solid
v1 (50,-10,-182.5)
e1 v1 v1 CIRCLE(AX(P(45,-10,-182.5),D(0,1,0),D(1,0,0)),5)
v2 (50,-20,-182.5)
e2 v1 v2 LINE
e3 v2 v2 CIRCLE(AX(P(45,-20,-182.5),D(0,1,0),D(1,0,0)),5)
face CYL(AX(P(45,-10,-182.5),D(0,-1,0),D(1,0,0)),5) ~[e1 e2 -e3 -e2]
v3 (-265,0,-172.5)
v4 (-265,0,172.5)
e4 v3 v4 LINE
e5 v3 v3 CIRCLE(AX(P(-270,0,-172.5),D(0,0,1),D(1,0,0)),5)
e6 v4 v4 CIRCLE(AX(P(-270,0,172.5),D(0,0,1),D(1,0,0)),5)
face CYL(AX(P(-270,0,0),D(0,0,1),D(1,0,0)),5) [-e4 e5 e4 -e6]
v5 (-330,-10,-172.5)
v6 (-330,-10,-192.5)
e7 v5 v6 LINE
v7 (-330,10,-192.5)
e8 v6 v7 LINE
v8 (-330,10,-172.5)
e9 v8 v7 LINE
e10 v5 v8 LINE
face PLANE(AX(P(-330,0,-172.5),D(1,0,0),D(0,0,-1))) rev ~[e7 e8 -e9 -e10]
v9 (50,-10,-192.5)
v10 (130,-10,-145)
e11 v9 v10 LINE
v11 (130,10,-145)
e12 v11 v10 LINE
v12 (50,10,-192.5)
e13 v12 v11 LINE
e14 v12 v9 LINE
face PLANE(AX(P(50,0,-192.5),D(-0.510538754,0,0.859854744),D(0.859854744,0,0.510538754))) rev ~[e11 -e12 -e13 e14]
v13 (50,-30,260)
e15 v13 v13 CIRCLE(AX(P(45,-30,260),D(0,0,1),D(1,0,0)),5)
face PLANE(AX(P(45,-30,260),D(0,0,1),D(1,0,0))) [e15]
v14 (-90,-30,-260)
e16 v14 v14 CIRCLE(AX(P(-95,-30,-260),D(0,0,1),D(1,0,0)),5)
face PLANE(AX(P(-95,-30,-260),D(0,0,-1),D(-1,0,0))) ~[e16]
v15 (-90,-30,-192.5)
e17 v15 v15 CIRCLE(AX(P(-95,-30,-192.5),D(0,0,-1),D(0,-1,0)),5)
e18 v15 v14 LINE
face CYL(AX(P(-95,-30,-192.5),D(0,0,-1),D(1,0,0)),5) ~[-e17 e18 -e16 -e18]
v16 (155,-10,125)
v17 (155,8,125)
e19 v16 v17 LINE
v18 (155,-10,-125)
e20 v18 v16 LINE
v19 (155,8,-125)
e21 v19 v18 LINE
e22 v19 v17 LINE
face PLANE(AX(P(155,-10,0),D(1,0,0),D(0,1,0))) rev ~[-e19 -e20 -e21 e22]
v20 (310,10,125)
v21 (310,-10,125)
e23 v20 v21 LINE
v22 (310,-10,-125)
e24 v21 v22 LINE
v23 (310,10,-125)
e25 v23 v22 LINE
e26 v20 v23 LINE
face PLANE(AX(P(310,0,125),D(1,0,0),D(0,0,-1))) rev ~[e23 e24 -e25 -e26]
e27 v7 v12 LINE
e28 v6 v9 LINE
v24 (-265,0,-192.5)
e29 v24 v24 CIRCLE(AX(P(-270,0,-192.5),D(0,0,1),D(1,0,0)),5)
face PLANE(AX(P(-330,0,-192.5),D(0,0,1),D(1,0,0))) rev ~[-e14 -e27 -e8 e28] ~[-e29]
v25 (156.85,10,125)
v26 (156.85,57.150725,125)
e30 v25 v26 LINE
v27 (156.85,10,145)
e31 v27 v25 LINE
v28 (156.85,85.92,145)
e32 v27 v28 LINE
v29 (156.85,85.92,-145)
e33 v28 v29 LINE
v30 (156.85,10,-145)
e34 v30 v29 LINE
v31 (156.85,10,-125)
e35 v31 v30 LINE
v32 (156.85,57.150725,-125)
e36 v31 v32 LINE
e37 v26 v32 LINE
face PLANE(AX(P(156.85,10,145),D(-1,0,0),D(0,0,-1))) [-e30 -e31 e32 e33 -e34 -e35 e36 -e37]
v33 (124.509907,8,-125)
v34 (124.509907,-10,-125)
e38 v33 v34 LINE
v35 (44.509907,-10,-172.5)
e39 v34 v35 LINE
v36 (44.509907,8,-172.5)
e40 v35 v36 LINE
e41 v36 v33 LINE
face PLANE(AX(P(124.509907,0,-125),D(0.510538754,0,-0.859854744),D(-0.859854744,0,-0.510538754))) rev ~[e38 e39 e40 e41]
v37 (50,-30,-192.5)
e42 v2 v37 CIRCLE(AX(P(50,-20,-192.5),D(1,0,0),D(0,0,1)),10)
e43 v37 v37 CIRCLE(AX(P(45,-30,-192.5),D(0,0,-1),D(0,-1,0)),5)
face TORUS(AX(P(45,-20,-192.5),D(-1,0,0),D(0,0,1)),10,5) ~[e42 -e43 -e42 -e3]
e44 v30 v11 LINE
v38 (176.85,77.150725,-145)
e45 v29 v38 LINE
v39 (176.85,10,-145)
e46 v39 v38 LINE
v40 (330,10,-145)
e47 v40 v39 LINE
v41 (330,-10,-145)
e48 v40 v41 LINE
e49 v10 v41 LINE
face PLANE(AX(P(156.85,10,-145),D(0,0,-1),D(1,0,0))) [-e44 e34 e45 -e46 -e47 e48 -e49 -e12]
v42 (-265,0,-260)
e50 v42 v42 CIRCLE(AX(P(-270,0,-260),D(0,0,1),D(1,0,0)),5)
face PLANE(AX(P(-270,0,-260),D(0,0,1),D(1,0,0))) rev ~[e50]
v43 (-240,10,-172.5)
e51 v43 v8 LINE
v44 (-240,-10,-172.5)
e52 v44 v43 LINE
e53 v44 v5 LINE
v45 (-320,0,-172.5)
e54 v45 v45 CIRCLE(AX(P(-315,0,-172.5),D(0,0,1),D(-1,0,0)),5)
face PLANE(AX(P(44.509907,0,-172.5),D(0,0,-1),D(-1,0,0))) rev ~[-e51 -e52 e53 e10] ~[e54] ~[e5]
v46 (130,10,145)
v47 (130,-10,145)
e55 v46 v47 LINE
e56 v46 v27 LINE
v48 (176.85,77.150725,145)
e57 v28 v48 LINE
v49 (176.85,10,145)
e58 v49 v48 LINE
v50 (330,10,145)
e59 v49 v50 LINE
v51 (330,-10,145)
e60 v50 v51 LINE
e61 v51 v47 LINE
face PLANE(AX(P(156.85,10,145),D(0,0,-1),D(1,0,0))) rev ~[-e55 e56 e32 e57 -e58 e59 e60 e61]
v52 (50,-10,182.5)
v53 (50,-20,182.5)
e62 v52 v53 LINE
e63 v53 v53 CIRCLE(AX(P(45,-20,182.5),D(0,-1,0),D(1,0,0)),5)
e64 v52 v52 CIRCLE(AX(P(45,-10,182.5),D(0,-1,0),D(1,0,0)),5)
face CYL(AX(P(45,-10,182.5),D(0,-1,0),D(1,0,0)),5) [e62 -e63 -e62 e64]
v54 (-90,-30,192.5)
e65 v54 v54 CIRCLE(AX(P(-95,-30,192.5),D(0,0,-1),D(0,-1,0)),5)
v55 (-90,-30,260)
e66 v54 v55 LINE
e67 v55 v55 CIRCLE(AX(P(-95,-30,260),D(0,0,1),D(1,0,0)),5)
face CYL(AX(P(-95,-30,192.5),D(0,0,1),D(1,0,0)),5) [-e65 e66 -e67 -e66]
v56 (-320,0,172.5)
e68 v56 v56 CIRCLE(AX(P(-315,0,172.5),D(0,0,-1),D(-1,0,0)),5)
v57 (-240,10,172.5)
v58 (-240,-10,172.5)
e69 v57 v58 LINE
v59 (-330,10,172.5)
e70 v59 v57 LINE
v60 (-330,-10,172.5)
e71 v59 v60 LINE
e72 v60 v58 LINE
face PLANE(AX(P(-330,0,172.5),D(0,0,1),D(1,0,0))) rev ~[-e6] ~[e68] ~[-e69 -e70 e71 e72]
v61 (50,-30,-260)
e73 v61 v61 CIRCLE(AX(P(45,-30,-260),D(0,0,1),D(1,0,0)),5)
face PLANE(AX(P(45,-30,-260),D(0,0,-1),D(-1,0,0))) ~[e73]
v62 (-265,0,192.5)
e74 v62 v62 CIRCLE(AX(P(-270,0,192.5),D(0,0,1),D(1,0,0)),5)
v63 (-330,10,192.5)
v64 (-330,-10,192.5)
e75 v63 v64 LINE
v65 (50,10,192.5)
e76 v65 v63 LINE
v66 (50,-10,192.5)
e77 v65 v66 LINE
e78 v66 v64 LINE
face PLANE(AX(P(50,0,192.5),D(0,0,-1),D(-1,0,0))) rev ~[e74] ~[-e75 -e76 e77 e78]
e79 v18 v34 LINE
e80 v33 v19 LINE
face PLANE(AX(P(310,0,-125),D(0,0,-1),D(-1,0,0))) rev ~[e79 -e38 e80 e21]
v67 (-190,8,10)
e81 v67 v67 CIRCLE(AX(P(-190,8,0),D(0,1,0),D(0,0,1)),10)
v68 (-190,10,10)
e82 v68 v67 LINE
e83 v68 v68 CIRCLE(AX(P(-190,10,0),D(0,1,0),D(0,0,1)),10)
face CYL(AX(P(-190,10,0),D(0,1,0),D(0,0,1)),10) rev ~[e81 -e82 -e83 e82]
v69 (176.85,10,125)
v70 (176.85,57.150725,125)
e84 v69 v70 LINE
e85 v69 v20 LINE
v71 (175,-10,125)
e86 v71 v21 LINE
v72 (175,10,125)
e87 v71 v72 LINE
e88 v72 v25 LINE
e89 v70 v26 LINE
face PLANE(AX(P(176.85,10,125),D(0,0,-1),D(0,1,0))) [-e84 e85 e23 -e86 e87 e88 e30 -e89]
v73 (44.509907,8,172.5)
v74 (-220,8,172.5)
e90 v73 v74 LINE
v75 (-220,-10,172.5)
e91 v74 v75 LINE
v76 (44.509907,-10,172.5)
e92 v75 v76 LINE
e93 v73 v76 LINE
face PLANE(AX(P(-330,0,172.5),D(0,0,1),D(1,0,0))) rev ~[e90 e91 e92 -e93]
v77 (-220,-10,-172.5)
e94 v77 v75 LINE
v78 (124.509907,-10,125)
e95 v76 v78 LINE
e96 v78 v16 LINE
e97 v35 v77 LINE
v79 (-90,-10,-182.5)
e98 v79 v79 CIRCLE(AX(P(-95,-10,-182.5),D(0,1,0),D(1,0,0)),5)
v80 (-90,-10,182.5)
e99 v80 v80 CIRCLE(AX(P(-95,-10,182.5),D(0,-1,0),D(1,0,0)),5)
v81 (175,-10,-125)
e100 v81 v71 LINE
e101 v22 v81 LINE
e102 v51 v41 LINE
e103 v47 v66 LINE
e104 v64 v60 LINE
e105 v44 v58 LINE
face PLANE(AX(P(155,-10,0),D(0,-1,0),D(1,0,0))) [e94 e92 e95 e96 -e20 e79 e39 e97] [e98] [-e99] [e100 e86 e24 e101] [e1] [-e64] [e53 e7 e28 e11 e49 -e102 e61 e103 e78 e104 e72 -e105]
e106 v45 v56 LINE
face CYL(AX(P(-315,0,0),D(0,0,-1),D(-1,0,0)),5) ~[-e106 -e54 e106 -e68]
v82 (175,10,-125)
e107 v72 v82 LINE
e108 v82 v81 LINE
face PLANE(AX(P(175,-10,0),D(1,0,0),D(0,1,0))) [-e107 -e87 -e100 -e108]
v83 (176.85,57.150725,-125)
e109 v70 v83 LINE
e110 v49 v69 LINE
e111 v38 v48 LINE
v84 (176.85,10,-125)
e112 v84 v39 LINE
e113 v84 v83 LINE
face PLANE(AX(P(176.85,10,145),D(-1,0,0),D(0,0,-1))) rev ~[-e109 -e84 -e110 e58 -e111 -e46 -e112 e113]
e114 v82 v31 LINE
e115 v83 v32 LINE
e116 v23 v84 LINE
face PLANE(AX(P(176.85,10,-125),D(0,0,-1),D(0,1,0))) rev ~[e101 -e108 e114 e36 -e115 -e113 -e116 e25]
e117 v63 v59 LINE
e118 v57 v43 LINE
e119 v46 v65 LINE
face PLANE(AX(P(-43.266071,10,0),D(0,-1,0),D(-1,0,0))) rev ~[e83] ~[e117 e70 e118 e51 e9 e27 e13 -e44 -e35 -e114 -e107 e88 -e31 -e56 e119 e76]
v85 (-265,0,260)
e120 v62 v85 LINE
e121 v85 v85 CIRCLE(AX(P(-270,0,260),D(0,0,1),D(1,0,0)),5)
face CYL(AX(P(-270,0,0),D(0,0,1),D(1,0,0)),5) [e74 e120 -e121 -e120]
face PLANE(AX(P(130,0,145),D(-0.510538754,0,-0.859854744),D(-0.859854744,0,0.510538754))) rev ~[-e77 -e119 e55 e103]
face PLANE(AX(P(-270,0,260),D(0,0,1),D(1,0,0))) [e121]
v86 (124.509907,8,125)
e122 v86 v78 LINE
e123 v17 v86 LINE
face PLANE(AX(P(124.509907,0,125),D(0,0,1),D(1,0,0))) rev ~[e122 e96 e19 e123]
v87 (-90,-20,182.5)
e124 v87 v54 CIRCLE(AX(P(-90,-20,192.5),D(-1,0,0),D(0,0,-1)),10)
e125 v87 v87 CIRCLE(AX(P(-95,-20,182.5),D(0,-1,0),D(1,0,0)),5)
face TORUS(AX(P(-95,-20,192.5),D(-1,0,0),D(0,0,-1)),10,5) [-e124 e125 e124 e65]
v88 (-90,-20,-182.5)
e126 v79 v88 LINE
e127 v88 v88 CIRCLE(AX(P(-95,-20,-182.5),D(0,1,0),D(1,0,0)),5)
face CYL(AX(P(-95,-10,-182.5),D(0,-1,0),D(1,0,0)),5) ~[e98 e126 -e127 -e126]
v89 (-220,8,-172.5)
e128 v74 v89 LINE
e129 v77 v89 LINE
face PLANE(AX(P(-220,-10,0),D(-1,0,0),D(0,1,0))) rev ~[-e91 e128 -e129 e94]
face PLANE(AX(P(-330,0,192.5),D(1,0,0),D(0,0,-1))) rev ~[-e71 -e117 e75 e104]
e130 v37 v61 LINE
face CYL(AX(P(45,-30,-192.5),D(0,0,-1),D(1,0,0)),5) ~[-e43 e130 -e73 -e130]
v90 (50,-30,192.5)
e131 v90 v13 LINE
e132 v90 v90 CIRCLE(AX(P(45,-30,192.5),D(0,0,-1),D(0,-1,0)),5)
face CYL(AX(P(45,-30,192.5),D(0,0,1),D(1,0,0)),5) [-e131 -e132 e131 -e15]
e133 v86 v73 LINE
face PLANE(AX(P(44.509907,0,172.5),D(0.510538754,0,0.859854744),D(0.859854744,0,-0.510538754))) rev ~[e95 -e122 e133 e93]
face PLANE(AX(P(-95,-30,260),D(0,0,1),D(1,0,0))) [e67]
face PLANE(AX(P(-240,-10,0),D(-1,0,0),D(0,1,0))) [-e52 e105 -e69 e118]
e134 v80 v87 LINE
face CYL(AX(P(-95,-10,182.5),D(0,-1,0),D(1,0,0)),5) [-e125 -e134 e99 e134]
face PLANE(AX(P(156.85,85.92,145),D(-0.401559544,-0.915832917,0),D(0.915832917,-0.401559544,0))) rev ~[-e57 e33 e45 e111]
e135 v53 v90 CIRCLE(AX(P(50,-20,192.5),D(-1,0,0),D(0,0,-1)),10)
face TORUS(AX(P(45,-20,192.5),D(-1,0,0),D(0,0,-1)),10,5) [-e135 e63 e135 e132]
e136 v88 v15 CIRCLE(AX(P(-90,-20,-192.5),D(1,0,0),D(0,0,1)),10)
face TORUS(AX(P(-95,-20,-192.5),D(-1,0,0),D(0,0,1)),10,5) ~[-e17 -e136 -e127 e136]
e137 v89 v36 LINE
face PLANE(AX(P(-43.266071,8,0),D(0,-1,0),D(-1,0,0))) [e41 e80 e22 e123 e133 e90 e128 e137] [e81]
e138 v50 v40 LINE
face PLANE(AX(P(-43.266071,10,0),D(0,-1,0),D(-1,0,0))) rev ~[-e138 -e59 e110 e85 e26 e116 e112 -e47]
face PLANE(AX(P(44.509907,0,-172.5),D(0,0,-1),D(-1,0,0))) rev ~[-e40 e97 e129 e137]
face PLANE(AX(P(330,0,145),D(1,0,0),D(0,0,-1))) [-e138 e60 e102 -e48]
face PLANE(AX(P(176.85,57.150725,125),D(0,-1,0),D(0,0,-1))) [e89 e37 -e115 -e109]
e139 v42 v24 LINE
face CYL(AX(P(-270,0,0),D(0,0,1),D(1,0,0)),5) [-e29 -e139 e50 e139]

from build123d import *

# Parameters (mm, degrees)
BOSS_EXTRUDE1_DEPTH = 10
SKETCH2_R           = 5
SKETCH2_W           = 20
SKETCH2_H           = 20
BOSS_EXTRUDE2_DEPTH = 175
SKETCH3_R           = 5
BOSS_EXTRUDE3_DEPTH = 260
SKETCH4_R           = 5
SKETCH5_W           = 30
SKETCH5_H           = 20
CUT_EXTRUDE1_DEPTH  = 20
BOSS_EXTRUDE4_DEPTH = 2
SKETCH7_R           = 10
CUT_EXTRUDE2_DEPTH  = 30
SKETCH8_W           = 20
SKETCH8_H           = 290
BOSS_EXTRUDE5_DEPTH = 75.92
CUT_EXTRUDE3_DEPTH  = 290
SKETCH10_W          = 250
SKETCH10_H          = 47.150724805
CUT_EXTRUDE4_DEPTH  = 20


with BuildPart() as part:
    # Sketch1 → Boss-Extrude1 (new, symmetric)
    with BuildSketch(Plane(origin=(0, 0, 0), x_dir=(1, 0, 0), z_dir=(0, 1, 0))):
        Polygon((-330, 192.5), (50, 192.5), (130, 145), (330, 145), (330, 125), (330, -125), (330, -145), (130, -145), (50, -192.5), (-330, -192.5), (-330, -172.5), (44.50990723, -172.5), (124.50990723, -125), (310, -125), (310, 125), (124.50990723, 125), (44.50990723, 172.5), (-330, 172.5), align=None)
    extrude(amount=BOSS_EXTRUDE1_DEPTH, both=True)

    # Sketch2 → Boss-Extrude2 (add, symmetric)
    with BuildSketch(Plane.XY):
        with Locations(Location((-315, 0, 0), (0, 0, 180))):
            Circle(SKETCH2_R)
        with Locations((-230, 0)):
            Rectangle(SKETCH2_W, SKETCH2_H)
        with Locations((165, 0)):
            Rectangle(SKETCH2_W, SKETCH2_H)
    extrude(amount=BOSS_EXTRUDE2_DEPTH, both=True)

    # Sketch3 → Boss-Extrude3 (add, symmetric)
    with BuildSketch(Plane.XY):
        with Locations((-270, 0)):
            Circle(SKETCH3_R)
    extrude(amount=BOSS_EXTRUDE3_DEPTH, both=True)

    # Sweep1: sweep along a curve in space
    with BuildLine() as sweep1_path:
        Line((-95, -10, 182.5), (-95, -20, 182.5))
        ThreePointArc((-95, -20, 182.5), (-95, -27.071067812, 185.428932188), (-95, -30, 192.5))
        Line((-95, -30, 192.5), (-95, -30, 260))
    # Sketch4 → Sweep1 (sweep)
    with BuildSketch(Plane.XZ.offset(10)):
        with Locations((-95, 182.5)):
            Circle(SKETCH4_R)
        with Locations((45, 182.5)):
            Circle(SKETCH4_R)
    sweep1 = sweep(path=sweep1_path.line)

    # Mirror1: Sweep1 across plane
    add(sweep1.mirror(Plane.XY))

    # Sketch5 → Cut-Extrude1 (cut)
    with BuildSketch(Plane(origin=(175, 0, 0), x_dir=(0, 0, -1), z_dir=(1, 0, 0))):
        with Locations((-160, 0)):
            Rectangle(SKETCH5_W, SKETCH5_H)
        with Locations((160, 0)):
            Rectangle(SKETCH5_W, SKETCH5_H)
    extrude(amount=-CUT_EXTRUDE1_DEPTH, mode=Mode.SUBTRACT)

    # Sketch6 → Boss-Extrude4 (add)
    with BuildSketch(Plane(origin=(0, 10, 0), x_dir=(1, 0, 0), z_dir=(0, 1, 0))):
        Polygon((-220, -172.5), (-220, 172.5), (44.50990723, 172.5), (124.50990723, 125), (155, 125), (155, -125), (124.50990723, -125), (44.50990723, -172.5), align=None)
    extrude(amount=-BOSS_EXTRUDE4_DEPTH)

    # Sketch7 → Cut-Extrude2 (cut)
    with BuildSketch(Plane(origin=(0, 10, 0), x_dir=(1, 0, 0), z_dir=(0, 1, 0))):
        with Locations(Location((-190, 0, 0), (0, 0, 270))):
            Circle(SKETCH7_R)
    extrude(amount=-CUT_EXTRUDE2_DEPTH, mode=Mode.SUBTRACT)

    # Sketch8 → Boss-Extrude5 (add)
    with BuildSketch(Plane(origin=(0, 10, 0), x_dir=(1, 0, 0), z_dir=(0, 1, 0))):
        with Locations((166.85, 0)):
            Rectangle(SKETCH8_W, SKETCH8_H)
    extrude(amount=BOSS_EXTRUDE5_DEPTH)

    # Sketch9 → Cut-Extrude3 (cut)
    with BuildSketch(Plane.XY.offset(145)):
        Polygon((156.85, 85.92), (330, 10), (176.85, 85.92), align=None)
    extrude(amount=-CUT_EXTRUDE3_DEPTH, mode=Mode.SUBTRACT)

    # Sketch10 → Cut-Extrude4 (cut)
    with BuildSketch(Plane(origin=(176.85, 0, 0), x_dir=(0, 0, -1), z_dir=(1, 0, 0))):
        with Locations((0, 33.575362403)):
            Rectangle(SKETCH10_W, SKETCH10_H)
    extrude(amount=-CUT_EXTRUDE4_DEPTH, mode=Mode.SUBTRACT)


solid = part.part
